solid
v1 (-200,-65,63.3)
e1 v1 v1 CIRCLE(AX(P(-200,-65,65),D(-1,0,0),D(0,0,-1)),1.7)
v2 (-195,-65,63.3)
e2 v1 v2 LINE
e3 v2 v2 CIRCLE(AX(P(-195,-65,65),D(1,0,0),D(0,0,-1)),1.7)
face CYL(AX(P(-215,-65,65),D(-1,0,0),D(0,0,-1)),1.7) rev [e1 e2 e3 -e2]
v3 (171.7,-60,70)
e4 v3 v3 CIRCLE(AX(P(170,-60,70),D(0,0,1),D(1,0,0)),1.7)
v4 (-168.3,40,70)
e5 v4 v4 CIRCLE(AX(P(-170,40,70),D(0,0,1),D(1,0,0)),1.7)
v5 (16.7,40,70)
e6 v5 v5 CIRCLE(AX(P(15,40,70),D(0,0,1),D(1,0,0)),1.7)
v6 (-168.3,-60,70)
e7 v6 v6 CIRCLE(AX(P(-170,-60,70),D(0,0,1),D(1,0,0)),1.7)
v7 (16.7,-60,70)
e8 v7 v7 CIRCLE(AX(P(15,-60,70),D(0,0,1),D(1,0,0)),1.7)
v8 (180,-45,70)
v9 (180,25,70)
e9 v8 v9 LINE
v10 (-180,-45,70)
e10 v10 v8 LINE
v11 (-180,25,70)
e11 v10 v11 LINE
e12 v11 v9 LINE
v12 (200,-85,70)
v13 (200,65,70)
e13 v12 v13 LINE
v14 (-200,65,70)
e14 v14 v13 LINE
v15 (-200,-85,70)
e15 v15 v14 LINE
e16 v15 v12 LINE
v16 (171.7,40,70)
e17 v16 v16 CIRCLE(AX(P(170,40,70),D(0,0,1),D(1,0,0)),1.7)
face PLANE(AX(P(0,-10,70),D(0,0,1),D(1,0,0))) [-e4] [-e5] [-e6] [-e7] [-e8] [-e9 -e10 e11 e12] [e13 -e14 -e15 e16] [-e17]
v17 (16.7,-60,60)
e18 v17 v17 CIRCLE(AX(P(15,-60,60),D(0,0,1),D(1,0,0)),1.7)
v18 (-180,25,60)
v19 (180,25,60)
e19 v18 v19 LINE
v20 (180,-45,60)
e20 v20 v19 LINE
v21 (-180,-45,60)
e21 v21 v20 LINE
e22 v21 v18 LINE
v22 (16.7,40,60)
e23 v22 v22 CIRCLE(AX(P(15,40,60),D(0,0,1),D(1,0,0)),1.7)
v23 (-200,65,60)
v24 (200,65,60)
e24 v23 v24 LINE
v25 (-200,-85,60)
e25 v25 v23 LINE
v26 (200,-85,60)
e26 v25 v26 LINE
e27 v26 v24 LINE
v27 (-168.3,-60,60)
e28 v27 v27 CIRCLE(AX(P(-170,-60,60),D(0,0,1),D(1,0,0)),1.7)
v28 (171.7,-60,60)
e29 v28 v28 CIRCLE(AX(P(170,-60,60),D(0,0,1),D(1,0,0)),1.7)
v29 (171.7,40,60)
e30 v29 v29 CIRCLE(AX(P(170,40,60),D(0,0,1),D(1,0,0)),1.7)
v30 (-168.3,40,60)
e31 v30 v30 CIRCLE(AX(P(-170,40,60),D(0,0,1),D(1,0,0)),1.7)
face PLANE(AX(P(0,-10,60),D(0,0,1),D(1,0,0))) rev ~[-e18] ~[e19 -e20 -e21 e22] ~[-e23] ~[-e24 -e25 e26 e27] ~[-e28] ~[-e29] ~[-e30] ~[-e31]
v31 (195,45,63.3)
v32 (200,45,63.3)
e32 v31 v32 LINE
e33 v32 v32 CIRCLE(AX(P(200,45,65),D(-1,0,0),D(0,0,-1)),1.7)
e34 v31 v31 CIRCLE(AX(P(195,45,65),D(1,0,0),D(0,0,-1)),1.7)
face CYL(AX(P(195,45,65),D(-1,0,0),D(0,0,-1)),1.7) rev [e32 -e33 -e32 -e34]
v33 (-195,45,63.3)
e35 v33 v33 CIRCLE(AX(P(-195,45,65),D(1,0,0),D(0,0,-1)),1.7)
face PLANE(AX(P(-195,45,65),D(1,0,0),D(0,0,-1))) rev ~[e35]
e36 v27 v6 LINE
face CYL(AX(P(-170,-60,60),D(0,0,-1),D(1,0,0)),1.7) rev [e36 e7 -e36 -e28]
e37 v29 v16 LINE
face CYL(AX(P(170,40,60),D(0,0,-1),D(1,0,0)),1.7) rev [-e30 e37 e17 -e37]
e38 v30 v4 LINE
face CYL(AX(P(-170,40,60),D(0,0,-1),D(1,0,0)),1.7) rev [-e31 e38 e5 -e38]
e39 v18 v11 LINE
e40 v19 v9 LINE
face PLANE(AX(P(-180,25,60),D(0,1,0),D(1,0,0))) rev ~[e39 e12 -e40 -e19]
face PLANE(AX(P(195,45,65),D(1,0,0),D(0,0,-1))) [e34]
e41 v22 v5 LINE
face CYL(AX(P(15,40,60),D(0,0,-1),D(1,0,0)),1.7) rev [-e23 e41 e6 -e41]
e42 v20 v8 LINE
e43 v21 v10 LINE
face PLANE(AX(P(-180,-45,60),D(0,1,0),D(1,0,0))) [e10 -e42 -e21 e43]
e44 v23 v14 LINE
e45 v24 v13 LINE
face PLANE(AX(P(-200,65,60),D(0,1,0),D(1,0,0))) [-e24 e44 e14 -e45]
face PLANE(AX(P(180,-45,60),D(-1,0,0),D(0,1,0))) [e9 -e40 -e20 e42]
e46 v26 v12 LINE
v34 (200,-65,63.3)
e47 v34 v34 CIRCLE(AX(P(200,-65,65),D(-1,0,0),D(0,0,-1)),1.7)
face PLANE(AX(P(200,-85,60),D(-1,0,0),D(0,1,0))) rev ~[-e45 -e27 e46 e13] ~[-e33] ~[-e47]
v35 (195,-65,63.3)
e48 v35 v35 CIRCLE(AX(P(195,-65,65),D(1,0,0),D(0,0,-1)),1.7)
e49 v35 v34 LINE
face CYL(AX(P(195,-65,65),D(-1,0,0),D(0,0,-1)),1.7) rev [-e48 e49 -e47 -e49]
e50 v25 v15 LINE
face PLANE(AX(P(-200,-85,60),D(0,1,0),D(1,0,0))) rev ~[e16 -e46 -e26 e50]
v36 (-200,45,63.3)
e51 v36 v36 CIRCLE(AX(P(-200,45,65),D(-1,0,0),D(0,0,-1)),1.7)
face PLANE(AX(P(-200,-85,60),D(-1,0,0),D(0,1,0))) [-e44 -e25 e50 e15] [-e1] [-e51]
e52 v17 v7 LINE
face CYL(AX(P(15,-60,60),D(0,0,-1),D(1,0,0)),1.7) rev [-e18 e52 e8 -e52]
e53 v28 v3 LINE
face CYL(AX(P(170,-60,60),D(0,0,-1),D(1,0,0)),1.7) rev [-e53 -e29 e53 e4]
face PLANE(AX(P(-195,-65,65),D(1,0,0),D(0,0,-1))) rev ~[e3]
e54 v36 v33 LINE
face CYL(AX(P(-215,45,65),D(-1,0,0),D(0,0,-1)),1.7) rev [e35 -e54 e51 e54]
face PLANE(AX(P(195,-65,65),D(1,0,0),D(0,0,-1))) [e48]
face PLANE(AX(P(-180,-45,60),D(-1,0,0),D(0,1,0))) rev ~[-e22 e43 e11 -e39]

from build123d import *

# Parameters (mm, degrees)
CYLINDER013_R           = 1.7
CYLINDER013_DEPTH       = 20
CYLINDER013_PITCH_ANGLE = 90
CYLINDER015_R           = 1.7
CYLINDER015_DEPTH       = 20
CYLINDER015_PITCH_ANGLE = 90
CYLINDER016_R           = 1.7
CYLINDER016_DEPTH       = 20
CYLINDER016_PITCH_ANGLE = 90
CYLINDER017_R           = 1.7
CYLINDER017_DEPTH       = 20
CYLINDER017_PITCH_ANGLE = 90
SKETCH013_W             = 400
SKETCH013_H             = 150
SKETCH013_R             = 1.7
SKETCH013_W_2           = 360
SKETCH013_H_2           = 70
PAD013_DEPTH            = 10


with BuildPart() as cylinder013:
    # Cylinder013 → Cylinder013 (new body)
    with BuildSketch(Plane.XY):
        Circle(CYLINDER013_R)
    extrude(amount=CYLINDER013_DEPTH)


with BuildPart() as cylinder013_1:
    # Cylinder013 pitch: moved
    add(cylinder013.part.rotate(Axis((0, 0, 0), (0, 1, 0)), CYLINDER013_PITCH_ANGLE))


with BuildPart() as cylinder013_2:
    # Cylinder013 placement: moved
    add(cylinder013_1.part.moved(Location((195, -65, 65))))


with BuildPart() as cylinder015:
    # Cylinder015 → Cylinder015 (new body)
    with BuildSketch(Plane.XY):
        Circle(CYLINDER015_R)
    extrude(amount=CYLINDER015_DEPTH)


with BuildPart() as cylinder015_1:
    # Cylinder015 pitch: moved
    add(cylinder015.part.rotate(Axis((0, 0, 0), (0, 1, 0)), CYLINDER015_PITCH_ANGLE))


with BuildPart() as cylinder015_2:
    # Cylinder015 placement: moved
    add(cylinder015_1.part.moved(Location((-215, -65, 65))))


with BuildPart() as cylinder016:
    # Cylinder016 → Cylinder016 (new body)
    with BuildSketch(Plane.XY):
        Circle(CYLINDER016_R)
    extrude(amount=CYLINDER016_DEPTH)


with BuildPart() as cylinder016_1:
    # Cylinder016 pitch: moved
    add(cylinder016.part.rotate(Axis((0, 0, 0), (0, 1, 0)), CYLINDER016_PITCH_ANGLE))


with BuildPart() as cylinder016_2:
    # Cylinder016 placement: moved
    add(cylinder016_1.part.moved(Location((-215, 45, 65))))


with BuildPart() as fusion004:
    # Cylinder017 → Cylinder017 (new body)
    with BuildSketch(Plane.XY):
        Circle(CYLINDER017_R)
    extrude(amount=CYLINDER017_DEPTH)


with BuildPart() as fusion004_1:
    # Cylinder017 pitch: moved
    add(fusion004.part.rotate(Axis((0, 0, 0), (0, 1, 0)), CYLINDER017_PITCH_ANGLE))


with BuildPart() as fusion004_2:
    # Cylinder017 placement: moved
    add(fusion004_1.part.moved(Location((195, 45, 65))))

    # Fusion004: union Cylinder013, Cylinder015, Cylinder016
    add(cylinder013_2.part)
    add(cylinder015_2.part)
    add(cylinder016_2.part)


with BuildPart() as cut016:
    # Sketch013 → Pad013 (new body)
    with BuildSketch(Plane(origin=(0, -10, 60), x_dir=(1, 0, 0), z_dir=(0, 0, 1))):
        Rectangle(SKETCH013_W, SKETCH013_H)
        with Locations((-170, 50)):
            Circle(SKETCH013_R, mode=Mode.SUBTRACT)
        with Locations((-170, -50)):
            Circle(SKETCH013_R, mode=Mode.SUBTRACT)
        with Locations((15, -50)):
            Circle(SKETCH013_R, mode=Mode.SUBTRACT)
        with Locations((170, -50)):
            Circle(SKETCH013_R, mode=Mode.SUBTRACT)
        with Locations((170, 50)):
            Circle(SKETCH013_R, mode=Mode.SUBTRACT)
        with Locations((15, 50)):
            Circle(SKETCH013_R, mode=Mode.SUBTRACT)
        Rectangle(SKETCH013_W_2, SKETCH013_H_2, mode=Mode.SUBTRACT)
    extrude(amount=PAD013_DEPTH)

    # Cut016: cut Fusion004
    add(fusion004_2.part, mode=Mode.SUBTRACT)


solid = cut016.part
